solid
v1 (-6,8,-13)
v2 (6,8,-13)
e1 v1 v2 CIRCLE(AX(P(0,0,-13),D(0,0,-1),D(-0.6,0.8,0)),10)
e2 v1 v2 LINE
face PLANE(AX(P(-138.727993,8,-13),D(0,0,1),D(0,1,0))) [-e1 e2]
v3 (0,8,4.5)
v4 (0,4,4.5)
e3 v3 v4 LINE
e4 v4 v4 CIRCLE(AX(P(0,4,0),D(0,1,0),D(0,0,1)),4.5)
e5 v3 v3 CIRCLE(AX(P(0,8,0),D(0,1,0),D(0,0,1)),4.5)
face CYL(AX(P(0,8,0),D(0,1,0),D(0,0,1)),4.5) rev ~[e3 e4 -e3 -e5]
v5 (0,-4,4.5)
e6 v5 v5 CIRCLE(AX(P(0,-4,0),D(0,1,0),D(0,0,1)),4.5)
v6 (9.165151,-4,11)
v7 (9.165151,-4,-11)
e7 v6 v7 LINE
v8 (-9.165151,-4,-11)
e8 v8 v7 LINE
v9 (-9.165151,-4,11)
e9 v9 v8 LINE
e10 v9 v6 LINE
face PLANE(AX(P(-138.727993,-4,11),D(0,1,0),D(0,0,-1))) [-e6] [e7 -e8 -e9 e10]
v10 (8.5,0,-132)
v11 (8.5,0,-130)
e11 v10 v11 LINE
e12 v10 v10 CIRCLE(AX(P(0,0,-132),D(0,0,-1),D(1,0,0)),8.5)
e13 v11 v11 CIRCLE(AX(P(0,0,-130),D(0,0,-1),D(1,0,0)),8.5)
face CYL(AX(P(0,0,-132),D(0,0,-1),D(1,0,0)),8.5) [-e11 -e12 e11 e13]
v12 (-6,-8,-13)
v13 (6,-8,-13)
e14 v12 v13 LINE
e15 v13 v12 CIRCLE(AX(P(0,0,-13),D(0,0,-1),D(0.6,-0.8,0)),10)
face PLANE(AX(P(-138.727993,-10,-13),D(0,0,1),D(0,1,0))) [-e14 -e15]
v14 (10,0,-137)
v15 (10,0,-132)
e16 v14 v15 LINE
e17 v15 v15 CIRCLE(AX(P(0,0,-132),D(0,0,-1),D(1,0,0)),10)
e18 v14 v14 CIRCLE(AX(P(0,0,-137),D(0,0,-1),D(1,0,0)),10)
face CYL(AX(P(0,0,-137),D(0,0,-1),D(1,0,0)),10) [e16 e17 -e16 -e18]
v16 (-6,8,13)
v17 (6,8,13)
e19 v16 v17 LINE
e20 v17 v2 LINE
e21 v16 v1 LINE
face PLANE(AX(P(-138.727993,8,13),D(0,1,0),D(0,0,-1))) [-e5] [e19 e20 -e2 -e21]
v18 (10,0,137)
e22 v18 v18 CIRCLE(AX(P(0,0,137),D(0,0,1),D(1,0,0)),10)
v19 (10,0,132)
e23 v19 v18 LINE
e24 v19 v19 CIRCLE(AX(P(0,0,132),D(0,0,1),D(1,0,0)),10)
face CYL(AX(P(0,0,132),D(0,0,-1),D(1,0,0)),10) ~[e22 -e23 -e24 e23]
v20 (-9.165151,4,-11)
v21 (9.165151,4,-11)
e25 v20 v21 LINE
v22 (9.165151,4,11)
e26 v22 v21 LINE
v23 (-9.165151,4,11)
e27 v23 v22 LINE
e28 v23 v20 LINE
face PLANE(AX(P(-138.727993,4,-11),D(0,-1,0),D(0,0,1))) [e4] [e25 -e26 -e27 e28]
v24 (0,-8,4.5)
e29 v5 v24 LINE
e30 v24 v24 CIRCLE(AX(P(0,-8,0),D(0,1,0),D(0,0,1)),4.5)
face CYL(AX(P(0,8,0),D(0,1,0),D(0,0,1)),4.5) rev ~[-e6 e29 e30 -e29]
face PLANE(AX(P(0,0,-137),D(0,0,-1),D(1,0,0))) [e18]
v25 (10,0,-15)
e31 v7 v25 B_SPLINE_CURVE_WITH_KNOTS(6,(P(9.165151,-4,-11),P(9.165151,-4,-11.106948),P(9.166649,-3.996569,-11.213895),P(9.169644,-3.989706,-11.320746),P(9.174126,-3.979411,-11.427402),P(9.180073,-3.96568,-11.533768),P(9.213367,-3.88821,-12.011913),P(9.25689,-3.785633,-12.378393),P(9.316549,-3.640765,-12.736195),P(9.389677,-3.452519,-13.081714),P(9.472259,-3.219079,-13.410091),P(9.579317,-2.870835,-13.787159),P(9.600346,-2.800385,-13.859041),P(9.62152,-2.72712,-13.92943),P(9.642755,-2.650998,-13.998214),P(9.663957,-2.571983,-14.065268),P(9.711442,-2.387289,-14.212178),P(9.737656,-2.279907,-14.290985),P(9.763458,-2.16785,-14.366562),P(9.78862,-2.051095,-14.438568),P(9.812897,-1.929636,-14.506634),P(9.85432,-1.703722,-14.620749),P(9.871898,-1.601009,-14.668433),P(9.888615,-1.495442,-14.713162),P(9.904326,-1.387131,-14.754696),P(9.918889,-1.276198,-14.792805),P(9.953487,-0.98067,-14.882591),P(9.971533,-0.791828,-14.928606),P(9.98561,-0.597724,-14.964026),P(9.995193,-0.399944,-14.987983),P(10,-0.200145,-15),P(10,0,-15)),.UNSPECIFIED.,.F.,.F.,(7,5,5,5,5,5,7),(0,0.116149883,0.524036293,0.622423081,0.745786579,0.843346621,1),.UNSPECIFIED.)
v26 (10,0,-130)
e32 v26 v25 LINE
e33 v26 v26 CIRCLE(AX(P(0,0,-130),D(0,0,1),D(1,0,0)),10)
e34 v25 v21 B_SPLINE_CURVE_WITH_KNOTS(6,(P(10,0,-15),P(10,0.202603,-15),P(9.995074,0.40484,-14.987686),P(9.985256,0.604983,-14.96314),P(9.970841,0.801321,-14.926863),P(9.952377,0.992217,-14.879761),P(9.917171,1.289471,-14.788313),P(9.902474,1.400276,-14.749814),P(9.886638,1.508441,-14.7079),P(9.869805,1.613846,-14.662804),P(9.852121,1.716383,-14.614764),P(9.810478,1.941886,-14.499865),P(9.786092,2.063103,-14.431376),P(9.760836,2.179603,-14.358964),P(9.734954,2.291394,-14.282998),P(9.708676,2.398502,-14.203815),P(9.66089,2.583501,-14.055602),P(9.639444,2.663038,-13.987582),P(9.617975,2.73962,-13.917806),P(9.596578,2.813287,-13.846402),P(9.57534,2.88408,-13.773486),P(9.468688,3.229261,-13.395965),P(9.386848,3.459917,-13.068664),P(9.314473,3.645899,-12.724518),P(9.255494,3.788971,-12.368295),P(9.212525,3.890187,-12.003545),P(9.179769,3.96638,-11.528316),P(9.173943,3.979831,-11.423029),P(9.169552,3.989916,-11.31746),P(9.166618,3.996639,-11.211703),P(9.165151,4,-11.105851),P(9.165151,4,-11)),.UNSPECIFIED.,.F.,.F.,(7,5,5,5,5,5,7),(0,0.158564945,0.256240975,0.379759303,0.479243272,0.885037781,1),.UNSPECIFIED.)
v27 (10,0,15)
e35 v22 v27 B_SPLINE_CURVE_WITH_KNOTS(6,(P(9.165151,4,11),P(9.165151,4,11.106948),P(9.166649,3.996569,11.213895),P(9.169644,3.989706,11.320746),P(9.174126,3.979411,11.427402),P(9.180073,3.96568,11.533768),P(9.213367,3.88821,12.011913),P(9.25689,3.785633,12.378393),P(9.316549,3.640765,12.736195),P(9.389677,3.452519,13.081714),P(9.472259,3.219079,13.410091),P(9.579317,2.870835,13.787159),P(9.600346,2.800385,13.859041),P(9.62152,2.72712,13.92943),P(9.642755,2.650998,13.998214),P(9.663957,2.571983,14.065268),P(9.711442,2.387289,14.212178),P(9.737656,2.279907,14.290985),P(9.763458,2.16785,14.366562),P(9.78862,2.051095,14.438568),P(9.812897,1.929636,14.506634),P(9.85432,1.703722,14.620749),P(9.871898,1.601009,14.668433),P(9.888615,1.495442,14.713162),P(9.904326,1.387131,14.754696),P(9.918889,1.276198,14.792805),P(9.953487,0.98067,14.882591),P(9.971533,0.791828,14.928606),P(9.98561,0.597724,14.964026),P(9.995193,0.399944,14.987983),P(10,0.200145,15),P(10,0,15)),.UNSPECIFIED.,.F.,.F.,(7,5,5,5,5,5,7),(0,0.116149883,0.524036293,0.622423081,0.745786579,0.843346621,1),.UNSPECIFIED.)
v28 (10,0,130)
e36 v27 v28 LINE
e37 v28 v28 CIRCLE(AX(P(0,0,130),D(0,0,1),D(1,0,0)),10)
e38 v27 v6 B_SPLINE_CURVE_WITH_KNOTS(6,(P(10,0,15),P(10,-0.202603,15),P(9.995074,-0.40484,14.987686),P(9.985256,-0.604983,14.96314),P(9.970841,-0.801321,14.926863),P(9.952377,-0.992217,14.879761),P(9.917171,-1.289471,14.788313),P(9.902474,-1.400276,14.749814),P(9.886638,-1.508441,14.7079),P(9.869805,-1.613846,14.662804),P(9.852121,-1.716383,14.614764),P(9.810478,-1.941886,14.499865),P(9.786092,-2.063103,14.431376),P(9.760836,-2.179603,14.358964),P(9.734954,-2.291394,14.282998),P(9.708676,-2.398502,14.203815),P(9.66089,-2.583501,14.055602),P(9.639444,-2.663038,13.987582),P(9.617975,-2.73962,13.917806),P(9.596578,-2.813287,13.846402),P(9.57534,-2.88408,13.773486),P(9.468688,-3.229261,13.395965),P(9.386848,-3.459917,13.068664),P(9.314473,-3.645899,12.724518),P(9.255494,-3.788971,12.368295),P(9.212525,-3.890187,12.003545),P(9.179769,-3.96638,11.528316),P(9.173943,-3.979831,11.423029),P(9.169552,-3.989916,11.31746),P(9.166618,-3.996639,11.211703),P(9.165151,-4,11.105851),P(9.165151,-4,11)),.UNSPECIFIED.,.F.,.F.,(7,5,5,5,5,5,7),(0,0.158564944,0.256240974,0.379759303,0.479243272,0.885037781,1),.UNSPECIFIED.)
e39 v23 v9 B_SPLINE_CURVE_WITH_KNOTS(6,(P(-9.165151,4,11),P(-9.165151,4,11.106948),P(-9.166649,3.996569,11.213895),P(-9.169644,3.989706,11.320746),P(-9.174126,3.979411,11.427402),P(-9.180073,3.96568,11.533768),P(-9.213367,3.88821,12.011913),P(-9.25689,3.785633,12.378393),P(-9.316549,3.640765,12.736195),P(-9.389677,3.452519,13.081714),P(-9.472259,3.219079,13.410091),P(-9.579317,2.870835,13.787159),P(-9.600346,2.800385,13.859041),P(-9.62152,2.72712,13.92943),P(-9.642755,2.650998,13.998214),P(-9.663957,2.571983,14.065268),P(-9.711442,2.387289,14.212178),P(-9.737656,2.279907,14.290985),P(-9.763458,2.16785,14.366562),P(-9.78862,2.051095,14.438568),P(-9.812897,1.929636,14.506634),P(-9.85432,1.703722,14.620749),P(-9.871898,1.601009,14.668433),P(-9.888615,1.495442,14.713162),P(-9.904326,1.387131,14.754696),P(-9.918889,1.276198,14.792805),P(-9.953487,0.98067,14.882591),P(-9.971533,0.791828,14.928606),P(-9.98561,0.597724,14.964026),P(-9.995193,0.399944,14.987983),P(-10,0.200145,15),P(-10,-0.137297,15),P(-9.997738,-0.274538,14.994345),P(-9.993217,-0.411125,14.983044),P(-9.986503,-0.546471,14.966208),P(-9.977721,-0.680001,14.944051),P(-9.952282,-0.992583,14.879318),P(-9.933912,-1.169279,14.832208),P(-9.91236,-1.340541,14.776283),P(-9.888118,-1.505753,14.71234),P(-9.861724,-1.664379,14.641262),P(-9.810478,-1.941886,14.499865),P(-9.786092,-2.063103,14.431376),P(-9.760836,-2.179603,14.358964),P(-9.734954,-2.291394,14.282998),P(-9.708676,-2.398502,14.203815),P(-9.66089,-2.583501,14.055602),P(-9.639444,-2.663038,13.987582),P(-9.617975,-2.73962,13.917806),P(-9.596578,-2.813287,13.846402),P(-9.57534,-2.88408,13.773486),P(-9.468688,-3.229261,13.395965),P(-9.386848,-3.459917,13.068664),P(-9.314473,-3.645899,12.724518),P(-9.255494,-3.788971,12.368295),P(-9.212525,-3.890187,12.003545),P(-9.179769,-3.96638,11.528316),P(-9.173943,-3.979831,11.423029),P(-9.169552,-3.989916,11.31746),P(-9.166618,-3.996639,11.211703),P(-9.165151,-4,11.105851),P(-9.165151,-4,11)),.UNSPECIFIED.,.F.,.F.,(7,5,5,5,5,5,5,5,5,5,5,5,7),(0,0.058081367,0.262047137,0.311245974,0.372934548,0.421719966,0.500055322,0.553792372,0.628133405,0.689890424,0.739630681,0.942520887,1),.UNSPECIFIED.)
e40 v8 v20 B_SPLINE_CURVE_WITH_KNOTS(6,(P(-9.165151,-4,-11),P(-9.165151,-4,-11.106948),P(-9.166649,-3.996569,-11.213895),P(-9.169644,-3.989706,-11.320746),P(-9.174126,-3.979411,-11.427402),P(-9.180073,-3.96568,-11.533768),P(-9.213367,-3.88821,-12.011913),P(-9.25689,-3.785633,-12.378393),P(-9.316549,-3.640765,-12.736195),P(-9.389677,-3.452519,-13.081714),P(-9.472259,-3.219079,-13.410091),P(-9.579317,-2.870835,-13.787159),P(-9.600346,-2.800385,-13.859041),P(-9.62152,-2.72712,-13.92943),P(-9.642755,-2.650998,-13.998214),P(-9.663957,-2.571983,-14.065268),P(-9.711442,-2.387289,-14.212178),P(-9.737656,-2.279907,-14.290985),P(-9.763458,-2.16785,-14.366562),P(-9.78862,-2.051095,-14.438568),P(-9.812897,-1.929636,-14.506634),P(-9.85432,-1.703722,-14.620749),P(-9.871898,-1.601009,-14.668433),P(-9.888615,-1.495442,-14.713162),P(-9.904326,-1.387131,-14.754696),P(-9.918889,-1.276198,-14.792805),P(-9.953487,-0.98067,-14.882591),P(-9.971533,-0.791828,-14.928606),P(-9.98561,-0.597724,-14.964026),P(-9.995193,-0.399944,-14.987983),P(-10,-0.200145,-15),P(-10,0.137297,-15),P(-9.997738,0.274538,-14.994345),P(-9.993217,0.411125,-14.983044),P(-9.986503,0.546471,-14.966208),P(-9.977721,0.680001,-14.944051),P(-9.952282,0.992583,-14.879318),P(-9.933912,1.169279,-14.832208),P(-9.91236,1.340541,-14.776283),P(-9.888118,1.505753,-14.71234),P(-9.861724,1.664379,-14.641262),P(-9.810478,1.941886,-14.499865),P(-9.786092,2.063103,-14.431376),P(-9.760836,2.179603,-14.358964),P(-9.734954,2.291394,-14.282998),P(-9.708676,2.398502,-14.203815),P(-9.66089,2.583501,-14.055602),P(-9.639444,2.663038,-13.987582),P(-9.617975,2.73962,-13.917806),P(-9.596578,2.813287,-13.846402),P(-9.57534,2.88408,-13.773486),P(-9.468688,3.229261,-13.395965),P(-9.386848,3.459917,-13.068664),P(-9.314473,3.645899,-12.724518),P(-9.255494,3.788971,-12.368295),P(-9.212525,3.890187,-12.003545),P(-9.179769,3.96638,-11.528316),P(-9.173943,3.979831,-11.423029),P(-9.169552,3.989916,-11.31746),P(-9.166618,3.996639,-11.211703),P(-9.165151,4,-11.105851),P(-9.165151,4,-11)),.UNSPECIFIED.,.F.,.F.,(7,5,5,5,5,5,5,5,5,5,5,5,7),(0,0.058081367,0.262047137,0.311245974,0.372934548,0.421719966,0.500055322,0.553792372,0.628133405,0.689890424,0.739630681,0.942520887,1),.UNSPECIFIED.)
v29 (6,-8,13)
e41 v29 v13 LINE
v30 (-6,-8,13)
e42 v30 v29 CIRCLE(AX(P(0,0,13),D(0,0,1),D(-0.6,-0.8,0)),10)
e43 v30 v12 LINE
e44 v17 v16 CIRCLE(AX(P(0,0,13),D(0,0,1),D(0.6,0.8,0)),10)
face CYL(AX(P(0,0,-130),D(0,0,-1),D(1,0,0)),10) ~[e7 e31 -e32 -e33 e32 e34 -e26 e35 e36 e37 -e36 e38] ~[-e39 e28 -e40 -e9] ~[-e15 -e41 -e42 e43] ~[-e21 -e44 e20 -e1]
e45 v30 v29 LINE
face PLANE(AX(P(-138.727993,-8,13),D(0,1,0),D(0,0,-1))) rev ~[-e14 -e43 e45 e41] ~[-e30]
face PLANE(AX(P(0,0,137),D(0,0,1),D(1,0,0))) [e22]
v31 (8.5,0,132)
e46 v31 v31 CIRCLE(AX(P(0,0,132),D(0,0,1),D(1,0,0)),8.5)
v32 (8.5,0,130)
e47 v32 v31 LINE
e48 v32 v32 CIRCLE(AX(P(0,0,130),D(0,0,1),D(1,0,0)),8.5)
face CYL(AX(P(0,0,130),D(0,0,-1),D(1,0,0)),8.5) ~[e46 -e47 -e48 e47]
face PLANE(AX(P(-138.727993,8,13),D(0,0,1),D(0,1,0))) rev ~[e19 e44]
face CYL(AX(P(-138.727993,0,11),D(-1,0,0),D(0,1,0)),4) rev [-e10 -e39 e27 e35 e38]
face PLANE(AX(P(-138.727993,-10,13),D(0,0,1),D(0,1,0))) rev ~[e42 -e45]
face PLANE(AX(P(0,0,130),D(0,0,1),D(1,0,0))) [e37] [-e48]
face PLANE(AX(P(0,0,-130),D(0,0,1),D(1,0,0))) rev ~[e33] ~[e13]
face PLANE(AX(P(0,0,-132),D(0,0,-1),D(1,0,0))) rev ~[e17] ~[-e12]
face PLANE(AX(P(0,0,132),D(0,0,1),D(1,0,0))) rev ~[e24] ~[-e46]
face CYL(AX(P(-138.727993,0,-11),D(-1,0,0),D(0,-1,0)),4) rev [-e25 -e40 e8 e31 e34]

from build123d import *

# Parameters (mm, degrees)
BOSS_EXTRUDE1_DEPTH      = 130
BOSS_EXTRUDE1_DEPTH_BACK = 130
SKETCH3_R                = 10
SKETCH4_R                = 8.5
BOSS_EXTRUDE2_DEPTH      = 2
SKETCH5_R                = 10
BOSS_EXTRUDE3_DEPTH      = 5
BOSS_EXTRUDE4_START      = 2
SKETCH6_R                = 8.5
BOSS_EXTRUDE4_DEPTH      = 2
BOSS_EXTRUDE5_START      = 5
SKETCH7_R                = 10
BOSS_EXTRUDE5_DEPTH      = 5
CUT_EXTRUDE1_DEPTH       = 138.727992797
CUT_EXTRUDE1_DEPTH_BACK  = 138.727992797
SKETCH8_W                = 26
SKETCH8_H                = 2
SKETCH9_R                = 4.5
CUT_EXTRUDE2_DEPTH       = 139.538803249


with BuildPart() as part:
    # Sketch3 → Boss-Extrude1 (new, two sides: drawn at the far end of the back side and taken through both)
    with BuildSketch(Plane.XY.offset(-BOSS_EXTRUDE1_DEPTH_BACK)):
        Circle(SKETCH3_R)
    extrude(amount=BOSS_EXTRUDE1_DEPTH + BOSS_EXTRUDE1_DEPTH_BACK)

    # Sketch4 → Boss-Extrude2 (add)
    with BuildSketch(Plane.XY.offset(130)):
        Circle(SKETCH4_R)
    extrude(amount=BOSS_EXTRUDE2_DEPTH)

    # Sketch5 → Boss-Extrude3 (add)
    with BuildSketch(Plane.XY.offset(132)):
        Circle(SKETCH5_R)
    extrude(amount=BOSS_EXTRUDE3_DEPTH)

    # Sketch6 → Boss-Extrude4 (add)
    with BuildSketch(Plane(origin=(0, 0, -130), x_dir=(-1, 0, 0), z_dir=(0, 0, -1)).offset(BOSS_EXTRUDE4_START)):
        Circle(SKETCH6_R)
    extrude(amount=-BOSS_EXTRUDE4_DEPTH)

    # Sketch7 → Boss-Extrude5 (add)
    with BuildSketch(Plane(origin=(0, 0, -132), x_dir=(-1, 0, 0), z_dir=(0, 0, -1)).offset(BOSS_EXTRUDE5_START)):
        Circle(SKETCH7_R)
    extrude(amount=-BOSS_EXTRUDE5_DEPTH)

    # Sketch8 → Cut-Extrude1 (cut, two sides: drawn at the far end of the back side and taken through both)
    with BuildSketch(Plane(origin=(0, 0, 0), x_dir=(0, 0, -1), z_dir=(1, 0, 0)).offset(-CUT_EXTRUDE1_DEPTH_BACK)):
        with Locations((0, 9)):
            Rectangle(SKETCH8_W, SKETCH8_H)
        with Locations((0, -9)):
            Rectangle(SKETCH8_W, SKETCH8_H)
        with BuildLine():
            Line((11, 4), (-11, 4))
            ThreePointArc((-11, 4), (-15, 0), (-11, -4))
            Line((-11, -4), (11, -4))
            ThreePointArc((11, -4), (15, 0), (11, 4))
        make_face()
    extrude(amount=CUT_EXTRUDE1_DEPTH + CUT_EXTRUDE1_DEPTH_BACK, mode=Mode.SUBTRACT)

    # Sketch9 → Cut-Extrude2 (cut, through all)
    with BuildSketch(Plane(origin=(0, 8, 0), x_dir=(1, 0, 0), z_dir=(0, 1, 0))):
        Circle(SKETCH9_R)
    extrude(amount=-CUT_EXTRUDE2_DEPTH, mode=Mode.SUBTRACT)


solid = part.part
